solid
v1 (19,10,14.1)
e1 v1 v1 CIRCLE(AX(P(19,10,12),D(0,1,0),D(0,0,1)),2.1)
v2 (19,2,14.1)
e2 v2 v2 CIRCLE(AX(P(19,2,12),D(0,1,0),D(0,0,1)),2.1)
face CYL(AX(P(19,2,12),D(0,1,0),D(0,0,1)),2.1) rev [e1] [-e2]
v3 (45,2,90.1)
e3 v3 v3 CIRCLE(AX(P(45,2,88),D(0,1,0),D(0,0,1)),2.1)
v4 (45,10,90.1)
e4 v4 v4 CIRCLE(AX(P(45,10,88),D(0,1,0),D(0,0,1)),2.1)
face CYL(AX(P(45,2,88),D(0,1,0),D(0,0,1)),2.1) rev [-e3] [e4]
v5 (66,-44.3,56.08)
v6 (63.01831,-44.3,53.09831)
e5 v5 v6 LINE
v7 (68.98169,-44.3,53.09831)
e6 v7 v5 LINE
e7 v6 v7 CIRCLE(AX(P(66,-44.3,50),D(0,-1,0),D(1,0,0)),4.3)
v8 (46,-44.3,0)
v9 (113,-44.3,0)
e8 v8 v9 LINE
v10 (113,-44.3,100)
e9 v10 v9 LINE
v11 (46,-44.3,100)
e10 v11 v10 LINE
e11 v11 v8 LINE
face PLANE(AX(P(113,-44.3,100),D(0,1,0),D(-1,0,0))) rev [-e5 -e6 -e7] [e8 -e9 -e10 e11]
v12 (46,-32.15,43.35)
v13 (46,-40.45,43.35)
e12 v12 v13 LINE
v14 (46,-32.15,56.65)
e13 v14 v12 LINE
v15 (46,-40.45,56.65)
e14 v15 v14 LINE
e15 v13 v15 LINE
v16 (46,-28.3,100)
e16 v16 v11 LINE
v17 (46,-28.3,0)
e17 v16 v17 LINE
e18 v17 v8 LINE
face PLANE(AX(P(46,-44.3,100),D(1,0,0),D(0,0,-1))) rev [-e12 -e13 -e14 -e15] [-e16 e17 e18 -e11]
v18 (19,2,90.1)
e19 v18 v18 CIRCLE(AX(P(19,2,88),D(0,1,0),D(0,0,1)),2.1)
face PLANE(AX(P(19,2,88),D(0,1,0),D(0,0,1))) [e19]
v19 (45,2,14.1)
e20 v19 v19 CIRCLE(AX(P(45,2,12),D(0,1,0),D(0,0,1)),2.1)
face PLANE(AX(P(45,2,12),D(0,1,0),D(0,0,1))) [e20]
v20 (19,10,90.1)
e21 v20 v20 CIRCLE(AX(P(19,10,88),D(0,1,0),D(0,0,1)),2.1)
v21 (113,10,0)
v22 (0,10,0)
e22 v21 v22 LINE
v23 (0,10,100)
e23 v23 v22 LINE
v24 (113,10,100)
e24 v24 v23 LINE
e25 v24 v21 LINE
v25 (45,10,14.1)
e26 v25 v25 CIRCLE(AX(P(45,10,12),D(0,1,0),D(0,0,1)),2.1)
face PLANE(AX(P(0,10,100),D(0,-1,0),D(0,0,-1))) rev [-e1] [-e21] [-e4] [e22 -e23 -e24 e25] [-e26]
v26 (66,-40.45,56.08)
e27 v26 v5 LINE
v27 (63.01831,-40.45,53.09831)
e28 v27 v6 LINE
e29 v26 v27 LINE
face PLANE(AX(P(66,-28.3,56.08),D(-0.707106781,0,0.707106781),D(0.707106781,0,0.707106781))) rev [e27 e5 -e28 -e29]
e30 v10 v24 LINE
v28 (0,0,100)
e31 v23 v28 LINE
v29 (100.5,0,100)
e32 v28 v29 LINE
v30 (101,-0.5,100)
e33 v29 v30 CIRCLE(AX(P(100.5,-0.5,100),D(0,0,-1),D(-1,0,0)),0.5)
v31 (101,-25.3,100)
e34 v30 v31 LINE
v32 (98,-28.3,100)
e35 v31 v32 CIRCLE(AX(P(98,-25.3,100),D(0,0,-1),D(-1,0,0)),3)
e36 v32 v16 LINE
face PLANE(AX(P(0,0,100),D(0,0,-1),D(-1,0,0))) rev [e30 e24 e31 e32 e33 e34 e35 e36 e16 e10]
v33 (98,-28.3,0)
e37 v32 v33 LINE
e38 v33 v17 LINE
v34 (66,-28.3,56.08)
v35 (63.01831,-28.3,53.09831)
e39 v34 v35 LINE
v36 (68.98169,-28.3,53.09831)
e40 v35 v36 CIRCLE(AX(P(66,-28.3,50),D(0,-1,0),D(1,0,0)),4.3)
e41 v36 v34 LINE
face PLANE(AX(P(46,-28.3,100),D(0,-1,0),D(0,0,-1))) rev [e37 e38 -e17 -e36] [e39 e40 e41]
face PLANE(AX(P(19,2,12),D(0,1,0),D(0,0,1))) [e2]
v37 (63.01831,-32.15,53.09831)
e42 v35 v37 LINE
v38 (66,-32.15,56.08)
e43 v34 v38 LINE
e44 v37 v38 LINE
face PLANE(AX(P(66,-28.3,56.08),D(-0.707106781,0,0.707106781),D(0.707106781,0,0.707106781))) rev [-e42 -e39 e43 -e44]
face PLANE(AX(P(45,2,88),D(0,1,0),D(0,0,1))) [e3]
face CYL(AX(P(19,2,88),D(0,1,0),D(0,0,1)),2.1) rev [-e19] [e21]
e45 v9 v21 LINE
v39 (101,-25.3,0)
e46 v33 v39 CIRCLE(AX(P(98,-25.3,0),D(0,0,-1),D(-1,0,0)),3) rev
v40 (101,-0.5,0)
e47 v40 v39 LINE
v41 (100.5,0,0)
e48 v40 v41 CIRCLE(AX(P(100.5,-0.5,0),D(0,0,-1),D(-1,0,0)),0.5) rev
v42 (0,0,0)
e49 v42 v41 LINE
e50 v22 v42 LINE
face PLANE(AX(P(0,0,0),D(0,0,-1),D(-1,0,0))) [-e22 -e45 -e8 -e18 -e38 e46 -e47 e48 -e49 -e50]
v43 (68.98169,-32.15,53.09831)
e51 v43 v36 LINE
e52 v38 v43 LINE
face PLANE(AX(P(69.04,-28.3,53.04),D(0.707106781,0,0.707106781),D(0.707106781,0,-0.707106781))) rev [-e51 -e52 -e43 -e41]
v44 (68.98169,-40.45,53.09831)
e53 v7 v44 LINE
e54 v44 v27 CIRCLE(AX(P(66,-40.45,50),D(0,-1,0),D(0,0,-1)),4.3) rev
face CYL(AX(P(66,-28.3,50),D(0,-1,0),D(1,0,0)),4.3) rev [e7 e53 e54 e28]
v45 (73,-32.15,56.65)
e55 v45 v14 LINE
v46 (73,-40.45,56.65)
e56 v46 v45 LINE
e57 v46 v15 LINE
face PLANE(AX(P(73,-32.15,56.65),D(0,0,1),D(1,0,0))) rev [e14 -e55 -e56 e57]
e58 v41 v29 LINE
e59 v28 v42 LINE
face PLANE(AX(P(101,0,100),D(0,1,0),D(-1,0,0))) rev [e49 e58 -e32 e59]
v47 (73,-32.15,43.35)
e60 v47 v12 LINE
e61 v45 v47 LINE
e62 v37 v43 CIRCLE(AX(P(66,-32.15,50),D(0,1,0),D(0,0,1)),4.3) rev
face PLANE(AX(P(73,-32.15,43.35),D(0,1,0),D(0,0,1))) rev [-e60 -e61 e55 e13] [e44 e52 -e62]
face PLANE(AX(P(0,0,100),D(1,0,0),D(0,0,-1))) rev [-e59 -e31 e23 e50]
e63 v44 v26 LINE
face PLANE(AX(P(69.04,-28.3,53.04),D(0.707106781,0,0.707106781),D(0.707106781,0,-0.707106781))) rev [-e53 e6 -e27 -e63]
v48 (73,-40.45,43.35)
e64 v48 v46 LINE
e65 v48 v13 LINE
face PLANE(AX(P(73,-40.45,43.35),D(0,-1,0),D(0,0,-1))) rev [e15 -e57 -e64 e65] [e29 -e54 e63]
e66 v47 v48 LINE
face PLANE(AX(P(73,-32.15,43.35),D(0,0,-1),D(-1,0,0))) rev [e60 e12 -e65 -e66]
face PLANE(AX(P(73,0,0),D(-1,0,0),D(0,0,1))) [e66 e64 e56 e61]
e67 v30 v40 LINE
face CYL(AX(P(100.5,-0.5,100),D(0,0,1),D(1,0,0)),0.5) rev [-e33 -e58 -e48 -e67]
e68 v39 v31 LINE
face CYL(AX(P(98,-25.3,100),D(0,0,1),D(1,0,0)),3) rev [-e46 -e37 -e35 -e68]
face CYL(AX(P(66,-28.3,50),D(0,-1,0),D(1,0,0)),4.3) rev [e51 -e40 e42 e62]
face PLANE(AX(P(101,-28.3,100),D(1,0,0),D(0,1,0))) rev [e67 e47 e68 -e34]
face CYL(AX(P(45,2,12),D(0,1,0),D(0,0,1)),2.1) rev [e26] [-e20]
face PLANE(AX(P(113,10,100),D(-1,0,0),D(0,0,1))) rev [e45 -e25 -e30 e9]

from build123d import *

# Parameters (mm, degrees)
BOSS_EXTRUDE1_DEPTH = 100
SKETCH4_R           = 4.3
CUT_EXTRUDE1_DEPTH  = 16
SKETCH5_W           = 13.3
SKETCH5_H           = 8.3
CUT_EXTRUDE2_DEPTH  = 27
SKETCH3_R           = 2.1
CUT_EXTRUDE3_DEPTH  = 8
CUT_EXTRUDE4_DEPTH  = 16
FILLET1_R           = 3
FILLET2_R           = 0.5


with BuildPart() as part:
    # Sketch1 → Boss-Extrude1 (new body)
    with BuildSketch(Plane.XY):
        Polygon((0, 0), (0, 10), (113, 10), (113, -44.3), (46, -44.3), (46, -28.3), (101, -28.3), (101, 0), align=None)
    extrude(amount=BOSS_EXTRUDE1_DEPTH)

    # Sketch4 → Cut-Extrude1 (cut)
    with BuildSketch(Plane.XZ.offset(44.3)):
        with Locations((66, 50)):
            Circle(SKETCH4_R)
    extrude(amount=-CUT_EXTRUDE1_DEPTH, mode=Mode.SUBTRACT)

    # Sketch5 → Cut-Extrude2 (cut)
    with BuildSketch(Plane.ZY.offset(-46)):
        with Locations((50, -36.3)):
            Rectangle(SKETCH5_W, SKETCH5_H)
    extrude(amount=-CUT_EXTRUDE2_DEPTH, mode=Mode.SUBTRACT)

    # Sketch3 → Cut-Extrude3 (cut)
    with BuildSketch(Plane(origin=(0, 10, 0), x_dir=(1, 0, 0), z_dir=(0, 1, 0))):
        with Locations(Location((19, -12, 0), (0, 0, 270))):
            Circle(SKETCH3_R)
        with Locations(Location((19, -88, 0), (0, 0, 270))):
            Circle(SKETCH3_R)
        with Locations(Location((45, -12, 0), (0, 0, 270))):
            Circle(SKETCH3_R)
        with Locations(Location((45, -88, 0), (0, 0, 270))):
            Circle(SKETCH3_R)
    extrude(amount=-CUT_EXTRUDE3_DEPTH, mode=Mode.SUBTRACT)

    # Sketch6 → Cut-Extrude4 (cut)
    with BuildSketch(Plane.XZ.offset(44.3)):
        Polygon((66, 56.08), (62.96, 53.04), (66, 50), (69.04, 53.04), align=None)
    extrude(amount=-CUT_EXTRUDE4_DEPTH, mode=Mode.SUBTRACT)

    # Fillet1
    fillet1_edges = [part.edges().sort_by_distance(p)[0] for p in [
        (101, -28.3, 50),
    ]]
    fillet(fillet1_edges, radius=FILLET1_R)

    # Fillet2
    fillet2_edges = [part.edges().sort_by_distance(p)[0] for p in [
        (101, 0, 50),
    ]]
    fillet(fillet2_edges, radius=FILLET2_R)


solid = part.part
